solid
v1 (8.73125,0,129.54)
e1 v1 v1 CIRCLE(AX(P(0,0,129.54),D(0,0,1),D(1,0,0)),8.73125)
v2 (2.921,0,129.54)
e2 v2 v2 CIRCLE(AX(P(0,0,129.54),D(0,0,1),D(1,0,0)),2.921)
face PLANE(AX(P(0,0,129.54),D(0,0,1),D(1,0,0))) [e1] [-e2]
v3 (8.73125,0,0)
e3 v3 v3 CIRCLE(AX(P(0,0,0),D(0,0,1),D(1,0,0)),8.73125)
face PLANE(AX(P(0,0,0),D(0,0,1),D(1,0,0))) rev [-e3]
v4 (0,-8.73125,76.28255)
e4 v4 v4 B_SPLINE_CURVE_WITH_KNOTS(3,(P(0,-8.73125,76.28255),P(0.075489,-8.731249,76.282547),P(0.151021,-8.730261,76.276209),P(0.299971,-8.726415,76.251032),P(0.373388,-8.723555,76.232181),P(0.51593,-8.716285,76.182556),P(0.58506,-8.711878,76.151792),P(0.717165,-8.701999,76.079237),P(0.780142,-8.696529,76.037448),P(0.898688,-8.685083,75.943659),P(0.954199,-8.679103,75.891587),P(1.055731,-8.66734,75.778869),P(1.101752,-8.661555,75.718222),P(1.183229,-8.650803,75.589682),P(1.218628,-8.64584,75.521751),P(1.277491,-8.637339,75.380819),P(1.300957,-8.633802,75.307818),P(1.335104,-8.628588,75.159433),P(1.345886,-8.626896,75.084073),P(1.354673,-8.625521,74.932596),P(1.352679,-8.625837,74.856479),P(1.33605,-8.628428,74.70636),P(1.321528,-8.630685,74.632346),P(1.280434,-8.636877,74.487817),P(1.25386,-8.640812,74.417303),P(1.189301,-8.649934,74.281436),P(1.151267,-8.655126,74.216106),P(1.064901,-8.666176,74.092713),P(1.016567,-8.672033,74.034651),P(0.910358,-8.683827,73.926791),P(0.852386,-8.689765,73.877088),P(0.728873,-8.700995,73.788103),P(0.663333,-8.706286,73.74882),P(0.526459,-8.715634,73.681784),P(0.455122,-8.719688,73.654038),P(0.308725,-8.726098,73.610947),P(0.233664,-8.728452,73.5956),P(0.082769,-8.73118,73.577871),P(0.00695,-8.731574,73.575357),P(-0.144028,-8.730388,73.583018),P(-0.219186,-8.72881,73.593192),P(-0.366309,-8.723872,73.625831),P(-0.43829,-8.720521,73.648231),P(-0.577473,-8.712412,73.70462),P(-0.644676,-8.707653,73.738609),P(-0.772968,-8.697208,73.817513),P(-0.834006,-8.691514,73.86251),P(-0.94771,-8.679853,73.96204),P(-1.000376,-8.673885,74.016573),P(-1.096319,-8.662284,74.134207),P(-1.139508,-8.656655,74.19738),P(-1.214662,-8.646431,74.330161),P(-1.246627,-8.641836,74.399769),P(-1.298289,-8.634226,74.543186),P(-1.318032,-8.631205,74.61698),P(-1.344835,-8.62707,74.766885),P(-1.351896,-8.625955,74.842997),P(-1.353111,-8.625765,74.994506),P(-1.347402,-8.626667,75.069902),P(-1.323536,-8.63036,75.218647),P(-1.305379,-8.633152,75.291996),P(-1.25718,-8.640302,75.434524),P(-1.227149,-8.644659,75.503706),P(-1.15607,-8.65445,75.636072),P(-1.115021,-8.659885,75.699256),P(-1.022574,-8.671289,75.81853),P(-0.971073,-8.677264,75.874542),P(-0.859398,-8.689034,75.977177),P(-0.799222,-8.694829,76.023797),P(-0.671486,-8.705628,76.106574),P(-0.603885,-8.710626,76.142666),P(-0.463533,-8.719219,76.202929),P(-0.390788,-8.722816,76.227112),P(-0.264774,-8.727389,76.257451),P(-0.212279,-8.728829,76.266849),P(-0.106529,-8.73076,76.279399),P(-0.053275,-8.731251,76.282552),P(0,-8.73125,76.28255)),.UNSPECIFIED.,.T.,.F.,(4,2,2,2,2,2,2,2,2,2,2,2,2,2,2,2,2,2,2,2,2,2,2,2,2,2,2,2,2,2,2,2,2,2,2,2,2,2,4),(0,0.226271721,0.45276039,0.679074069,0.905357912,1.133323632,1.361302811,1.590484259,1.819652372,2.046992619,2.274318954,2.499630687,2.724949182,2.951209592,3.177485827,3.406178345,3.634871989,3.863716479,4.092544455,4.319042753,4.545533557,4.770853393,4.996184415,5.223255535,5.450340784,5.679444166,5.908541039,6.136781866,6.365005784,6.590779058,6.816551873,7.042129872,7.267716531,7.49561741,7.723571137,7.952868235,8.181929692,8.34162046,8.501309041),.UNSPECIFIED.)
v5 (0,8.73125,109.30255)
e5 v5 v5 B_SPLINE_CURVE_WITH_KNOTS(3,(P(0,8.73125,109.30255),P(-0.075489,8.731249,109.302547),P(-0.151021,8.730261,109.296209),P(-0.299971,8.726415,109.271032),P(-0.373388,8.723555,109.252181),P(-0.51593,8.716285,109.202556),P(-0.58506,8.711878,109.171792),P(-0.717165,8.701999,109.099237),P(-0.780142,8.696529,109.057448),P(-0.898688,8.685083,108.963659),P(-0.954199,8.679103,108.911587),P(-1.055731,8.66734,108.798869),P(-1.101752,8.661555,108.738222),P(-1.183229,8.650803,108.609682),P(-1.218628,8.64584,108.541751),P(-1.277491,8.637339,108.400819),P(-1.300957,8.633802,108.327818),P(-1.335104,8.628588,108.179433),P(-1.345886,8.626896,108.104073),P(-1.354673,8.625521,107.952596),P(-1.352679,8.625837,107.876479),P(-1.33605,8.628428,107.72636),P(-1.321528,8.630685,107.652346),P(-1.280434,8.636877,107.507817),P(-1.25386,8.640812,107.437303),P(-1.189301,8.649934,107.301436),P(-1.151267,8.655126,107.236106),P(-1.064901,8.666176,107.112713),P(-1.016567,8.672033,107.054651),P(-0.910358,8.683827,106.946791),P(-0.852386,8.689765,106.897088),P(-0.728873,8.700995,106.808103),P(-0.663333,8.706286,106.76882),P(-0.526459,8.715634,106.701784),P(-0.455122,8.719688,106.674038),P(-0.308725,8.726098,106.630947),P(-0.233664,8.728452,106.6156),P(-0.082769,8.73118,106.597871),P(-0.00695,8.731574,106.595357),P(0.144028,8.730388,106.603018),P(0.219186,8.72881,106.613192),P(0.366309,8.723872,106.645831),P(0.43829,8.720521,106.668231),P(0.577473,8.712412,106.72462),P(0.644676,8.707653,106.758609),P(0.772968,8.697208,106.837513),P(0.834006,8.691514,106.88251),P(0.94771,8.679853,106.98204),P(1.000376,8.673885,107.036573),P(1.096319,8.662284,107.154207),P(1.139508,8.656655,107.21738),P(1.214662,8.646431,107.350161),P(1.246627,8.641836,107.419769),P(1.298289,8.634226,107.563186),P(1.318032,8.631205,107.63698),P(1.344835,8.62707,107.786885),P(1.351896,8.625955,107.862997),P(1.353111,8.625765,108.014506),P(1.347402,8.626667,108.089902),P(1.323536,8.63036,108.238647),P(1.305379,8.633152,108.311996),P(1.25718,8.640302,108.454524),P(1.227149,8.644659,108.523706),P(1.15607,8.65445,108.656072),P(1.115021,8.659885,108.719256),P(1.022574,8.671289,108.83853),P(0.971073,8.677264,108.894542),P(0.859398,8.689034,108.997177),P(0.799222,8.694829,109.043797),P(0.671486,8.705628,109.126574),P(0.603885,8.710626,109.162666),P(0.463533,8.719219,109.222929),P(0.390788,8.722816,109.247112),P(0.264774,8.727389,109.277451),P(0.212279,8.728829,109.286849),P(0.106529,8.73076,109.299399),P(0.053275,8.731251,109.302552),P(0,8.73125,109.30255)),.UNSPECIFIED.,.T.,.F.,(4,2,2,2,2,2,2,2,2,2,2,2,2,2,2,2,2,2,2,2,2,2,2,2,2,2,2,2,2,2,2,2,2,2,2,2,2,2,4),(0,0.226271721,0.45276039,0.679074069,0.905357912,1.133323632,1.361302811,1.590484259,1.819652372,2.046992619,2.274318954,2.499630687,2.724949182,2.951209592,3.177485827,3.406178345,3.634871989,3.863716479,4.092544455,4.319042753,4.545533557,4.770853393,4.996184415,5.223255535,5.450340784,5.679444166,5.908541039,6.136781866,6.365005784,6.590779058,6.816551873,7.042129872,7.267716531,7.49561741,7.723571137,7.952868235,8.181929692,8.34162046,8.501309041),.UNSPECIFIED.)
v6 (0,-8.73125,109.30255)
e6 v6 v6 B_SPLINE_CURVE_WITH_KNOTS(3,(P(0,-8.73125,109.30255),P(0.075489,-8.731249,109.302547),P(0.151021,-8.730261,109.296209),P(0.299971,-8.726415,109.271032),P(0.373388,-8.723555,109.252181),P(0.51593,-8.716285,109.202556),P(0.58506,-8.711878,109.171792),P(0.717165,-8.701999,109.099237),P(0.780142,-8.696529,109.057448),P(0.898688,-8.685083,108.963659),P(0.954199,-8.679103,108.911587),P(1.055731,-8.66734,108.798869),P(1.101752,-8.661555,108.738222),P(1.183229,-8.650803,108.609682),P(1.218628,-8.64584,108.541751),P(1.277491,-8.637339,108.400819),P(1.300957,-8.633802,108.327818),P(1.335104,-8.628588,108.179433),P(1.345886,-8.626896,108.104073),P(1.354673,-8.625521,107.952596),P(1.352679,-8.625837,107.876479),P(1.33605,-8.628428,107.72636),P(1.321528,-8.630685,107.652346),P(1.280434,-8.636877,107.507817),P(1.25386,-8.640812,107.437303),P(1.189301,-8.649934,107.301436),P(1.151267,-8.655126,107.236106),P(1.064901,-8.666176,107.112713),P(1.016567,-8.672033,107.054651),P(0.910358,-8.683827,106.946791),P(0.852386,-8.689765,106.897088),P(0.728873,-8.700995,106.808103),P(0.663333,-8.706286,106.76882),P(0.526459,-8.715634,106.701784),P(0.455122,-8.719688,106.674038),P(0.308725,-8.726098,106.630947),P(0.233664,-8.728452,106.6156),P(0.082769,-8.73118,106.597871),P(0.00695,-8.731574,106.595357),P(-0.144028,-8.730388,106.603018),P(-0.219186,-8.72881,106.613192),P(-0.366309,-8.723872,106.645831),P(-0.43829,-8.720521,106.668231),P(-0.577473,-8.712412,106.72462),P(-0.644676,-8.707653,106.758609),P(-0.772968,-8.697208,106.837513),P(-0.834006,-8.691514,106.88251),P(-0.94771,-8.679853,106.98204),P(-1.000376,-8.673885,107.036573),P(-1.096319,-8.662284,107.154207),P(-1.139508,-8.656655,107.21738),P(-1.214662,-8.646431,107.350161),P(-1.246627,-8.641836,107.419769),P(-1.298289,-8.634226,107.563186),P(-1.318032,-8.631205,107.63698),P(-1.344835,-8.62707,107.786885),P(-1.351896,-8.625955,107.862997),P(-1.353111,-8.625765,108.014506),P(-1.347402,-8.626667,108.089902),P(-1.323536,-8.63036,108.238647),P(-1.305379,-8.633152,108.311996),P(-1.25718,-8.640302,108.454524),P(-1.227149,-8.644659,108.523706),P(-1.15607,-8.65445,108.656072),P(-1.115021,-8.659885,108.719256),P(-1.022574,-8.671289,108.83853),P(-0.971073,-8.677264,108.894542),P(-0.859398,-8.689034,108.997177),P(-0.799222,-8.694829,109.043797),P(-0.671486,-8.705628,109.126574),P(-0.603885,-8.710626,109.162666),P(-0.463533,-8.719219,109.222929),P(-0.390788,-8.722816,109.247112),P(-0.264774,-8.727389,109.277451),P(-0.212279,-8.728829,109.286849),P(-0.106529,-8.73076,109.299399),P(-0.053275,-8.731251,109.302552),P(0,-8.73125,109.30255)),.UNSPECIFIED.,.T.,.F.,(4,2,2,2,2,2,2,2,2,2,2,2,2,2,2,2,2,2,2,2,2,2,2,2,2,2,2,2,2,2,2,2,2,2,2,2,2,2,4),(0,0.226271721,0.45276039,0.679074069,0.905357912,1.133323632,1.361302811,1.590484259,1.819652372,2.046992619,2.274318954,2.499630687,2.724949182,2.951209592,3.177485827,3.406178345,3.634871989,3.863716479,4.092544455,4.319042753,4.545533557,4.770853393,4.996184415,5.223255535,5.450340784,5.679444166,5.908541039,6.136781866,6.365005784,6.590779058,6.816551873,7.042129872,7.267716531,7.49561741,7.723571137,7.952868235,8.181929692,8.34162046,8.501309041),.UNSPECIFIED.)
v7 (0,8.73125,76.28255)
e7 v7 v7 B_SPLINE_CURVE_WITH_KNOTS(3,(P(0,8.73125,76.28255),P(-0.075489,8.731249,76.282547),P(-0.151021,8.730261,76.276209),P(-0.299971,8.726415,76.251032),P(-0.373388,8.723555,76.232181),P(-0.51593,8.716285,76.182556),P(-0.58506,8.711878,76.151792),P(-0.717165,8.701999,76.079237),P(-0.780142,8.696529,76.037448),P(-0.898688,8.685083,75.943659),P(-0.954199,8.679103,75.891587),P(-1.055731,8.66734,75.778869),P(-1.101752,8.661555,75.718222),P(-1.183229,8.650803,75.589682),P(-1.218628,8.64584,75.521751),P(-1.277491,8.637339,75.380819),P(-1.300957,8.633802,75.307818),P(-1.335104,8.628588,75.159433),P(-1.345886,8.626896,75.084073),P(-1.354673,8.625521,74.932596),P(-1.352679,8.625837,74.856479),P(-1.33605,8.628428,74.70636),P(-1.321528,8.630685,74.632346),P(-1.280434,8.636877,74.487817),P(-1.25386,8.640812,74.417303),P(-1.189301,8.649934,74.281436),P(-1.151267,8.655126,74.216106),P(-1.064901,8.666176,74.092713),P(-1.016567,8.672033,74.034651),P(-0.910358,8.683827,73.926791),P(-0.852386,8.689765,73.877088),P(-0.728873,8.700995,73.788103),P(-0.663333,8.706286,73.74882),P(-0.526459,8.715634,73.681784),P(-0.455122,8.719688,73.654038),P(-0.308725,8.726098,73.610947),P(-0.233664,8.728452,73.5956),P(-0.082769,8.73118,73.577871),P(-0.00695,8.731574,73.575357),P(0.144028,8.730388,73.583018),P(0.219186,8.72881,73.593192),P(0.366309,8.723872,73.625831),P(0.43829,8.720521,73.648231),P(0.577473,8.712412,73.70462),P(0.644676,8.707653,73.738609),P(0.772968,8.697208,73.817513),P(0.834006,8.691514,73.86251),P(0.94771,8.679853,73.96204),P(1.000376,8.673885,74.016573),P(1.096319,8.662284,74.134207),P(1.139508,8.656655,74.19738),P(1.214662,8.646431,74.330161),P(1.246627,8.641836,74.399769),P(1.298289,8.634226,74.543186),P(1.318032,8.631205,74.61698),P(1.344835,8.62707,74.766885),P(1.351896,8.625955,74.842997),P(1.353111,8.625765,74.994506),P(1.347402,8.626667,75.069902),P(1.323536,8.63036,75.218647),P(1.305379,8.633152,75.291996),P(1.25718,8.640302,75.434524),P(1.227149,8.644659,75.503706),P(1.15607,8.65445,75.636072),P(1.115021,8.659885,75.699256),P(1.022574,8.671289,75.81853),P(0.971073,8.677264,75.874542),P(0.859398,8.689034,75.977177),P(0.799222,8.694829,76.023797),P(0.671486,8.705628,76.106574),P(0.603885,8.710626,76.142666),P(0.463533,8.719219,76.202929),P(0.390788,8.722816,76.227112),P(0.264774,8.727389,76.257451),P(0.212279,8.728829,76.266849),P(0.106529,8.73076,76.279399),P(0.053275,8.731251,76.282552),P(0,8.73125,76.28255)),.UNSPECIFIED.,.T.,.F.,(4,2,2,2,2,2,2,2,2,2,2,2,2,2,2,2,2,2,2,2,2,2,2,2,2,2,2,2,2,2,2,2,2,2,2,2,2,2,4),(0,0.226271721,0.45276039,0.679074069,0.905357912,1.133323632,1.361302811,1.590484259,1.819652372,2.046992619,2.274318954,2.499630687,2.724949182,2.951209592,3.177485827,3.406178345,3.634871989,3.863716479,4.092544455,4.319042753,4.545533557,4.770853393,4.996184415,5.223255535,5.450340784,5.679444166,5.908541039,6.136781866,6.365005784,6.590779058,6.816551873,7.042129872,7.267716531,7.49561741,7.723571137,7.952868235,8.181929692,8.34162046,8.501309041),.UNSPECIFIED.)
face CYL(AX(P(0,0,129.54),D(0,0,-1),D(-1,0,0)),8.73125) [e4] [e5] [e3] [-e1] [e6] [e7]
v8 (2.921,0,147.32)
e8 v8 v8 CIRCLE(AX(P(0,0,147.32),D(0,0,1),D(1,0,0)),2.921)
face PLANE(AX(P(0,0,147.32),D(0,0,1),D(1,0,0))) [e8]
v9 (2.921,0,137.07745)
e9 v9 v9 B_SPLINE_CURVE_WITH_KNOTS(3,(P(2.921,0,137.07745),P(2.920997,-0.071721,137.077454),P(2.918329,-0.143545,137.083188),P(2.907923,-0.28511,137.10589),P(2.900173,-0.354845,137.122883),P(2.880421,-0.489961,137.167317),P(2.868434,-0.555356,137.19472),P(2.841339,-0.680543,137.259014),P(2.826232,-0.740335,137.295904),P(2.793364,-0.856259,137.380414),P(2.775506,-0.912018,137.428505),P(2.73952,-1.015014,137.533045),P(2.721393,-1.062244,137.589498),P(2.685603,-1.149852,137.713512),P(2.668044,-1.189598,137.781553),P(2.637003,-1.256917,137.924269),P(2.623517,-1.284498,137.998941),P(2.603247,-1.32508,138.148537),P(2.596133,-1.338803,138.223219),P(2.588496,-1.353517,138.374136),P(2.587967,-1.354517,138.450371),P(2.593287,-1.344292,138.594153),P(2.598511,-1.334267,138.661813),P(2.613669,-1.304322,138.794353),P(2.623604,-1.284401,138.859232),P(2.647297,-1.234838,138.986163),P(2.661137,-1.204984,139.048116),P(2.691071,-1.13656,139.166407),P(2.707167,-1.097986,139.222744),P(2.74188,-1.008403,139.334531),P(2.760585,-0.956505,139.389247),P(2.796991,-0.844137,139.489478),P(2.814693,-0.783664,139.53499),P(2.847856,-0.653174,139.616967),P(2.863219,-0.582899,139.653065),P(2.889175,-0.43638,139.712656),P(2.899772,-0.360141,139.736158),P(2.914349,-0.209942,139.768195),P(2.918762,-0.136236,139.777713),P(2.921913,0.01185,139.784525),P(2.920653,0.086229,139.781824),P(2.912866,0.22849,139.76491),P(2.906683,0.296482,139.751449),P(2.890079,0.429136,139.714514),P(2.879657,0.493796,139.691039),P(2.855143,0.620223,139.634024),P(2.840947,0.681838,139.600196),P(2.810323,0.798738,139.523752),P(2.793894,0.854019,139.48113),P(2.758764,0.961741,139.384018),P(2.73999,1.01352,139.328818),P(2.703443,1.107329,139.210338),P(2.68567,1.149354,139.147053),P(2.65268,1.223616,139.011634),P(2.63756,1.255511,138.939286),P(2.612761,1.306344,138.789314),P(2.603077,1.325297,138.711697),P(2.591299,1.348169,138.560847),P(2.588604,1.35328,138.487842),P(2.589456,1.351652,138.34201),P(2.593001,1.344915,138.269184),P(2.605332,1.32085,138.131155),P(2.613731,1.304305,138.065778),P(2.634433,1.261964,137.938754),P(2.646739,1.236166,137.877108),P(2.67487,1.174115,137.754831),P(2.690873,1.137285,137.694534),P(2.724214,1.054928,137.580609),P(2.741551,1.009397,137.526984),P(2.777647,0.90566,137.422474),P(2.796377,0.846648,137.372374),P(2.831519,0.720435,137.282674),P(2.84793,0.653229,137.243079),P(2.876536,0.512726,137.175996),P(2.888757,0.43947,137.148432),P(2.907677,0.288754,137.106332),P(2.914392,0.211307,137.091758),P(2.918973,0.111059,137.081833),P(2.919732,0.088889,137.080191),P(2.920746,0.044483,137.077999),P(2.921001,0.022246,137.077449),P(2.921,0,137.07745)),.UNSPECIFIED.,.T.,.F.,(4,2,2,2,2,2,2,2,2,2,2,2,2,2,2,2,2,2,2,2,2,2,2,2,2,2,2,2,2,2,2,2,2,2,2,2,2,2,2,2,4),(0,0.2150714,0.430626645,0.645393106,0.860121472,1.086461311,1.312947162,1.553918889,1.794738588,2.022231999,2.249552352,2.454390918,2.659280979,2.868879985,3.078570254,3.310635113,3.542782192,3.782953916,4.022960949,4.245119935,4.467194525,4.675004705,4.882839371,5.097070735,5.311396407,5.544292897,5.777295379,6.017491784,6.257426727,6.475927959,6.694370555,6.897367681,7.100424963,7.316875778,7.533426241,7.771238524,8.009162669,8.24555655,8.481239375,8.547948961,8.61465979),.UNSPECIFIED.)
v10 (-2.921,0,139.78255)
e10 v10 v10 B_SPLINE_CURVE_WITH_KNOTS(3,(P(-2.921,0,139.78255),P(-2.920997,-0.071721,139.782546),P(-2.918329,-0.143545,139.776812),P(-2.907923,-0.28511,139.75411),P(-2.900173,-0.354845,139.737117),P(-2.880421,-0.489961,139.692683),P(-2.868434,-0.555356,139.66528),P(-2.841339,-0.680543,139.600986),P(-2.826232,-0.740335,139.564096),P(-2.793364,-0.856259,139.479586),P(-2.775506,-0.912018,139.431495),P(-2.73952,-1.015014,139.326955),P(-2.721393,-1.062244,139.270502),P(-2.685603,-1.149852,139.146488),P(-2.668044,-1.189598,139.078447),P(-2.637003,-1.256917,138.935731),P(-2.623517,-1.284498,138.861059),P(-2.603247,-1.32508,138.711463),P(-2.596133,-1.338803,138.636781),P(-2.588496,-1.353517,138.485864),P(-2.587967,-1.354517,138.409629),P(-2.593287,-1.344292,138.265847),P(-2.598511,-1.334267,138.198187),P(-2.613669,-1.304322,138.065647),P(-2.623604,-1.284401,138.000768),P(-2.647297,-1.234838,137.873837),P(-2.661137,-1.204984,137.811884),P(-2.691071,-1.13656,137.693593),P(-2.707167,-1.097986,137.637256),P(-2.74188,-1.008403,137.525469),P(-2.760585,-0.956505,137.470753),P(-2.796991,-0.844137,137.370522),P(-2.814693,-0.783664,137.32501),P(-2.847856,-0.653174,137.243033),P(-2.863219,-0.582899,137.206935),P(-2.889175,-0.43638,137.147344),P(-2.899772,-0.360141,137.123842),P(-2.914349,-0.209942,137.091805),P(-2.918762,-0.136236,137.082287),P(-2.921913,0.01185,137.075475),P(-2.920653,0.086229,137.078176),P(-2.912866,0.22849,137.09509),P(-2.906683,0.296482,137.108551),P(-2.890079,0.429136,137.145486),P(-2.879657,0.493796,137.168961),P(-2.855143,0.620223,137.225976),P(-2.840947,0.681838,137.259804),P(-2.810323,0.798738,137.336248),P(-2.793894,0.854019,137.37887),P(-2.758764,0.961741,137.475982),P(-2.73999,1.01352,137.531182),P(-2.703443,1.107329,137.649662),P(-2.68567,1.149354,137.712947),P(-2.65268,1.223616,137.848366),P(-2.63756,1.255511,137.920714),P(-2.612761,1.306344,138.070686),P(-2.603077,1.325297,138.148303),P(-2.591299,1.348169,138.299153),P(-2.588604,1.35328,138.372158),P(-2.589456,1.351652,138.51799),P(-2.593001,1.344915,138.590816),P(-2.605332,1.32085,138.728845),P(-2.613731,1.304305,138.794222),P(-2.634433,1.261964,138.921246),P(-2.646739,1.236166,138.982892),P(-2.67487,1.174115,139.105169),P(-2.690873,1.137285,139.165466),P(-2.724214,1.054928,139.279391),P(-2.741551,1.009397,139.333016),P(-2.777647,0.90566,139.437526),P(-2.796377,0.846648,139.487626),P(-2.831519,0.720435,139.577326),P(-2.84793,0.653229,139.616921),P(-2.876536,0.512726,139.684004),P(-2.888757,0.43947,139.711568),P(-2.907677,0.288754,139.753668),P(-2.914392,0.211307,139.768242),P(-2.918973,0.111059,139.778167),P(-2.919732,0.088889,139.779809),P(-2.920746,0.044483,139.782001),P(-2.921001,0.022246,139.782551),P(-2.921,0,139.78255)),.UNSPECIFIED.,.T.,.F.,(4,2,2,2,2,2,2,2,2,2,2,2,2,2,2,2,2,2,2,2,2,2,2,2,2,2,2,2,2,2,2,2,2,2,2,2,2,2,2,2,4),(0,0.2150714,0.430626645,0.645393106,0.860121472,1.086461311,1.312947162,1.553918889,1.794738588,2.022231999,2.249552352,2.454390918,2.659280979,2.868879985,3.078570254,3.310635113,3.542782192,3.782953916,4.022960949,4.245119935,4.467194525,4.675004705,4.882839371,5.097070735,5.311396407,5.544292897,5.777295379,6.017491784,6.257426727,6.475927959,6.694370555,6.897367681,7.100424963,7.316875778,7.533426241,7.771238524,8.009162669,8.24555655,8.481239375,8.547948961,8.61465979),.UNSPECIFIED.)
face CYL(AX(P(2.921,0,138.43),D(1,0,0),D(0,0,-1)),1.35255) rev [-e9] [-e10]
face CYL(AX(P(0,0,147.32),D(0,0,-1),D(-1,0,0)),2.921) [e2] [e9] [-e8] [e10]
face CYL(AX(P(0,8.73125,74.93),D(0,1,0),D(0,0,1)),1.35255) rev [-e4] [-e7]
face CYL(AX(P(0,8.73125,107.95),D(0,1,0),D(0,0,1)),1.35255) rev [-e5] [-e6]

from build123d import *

# Parameters (mm, degrees)
SKETCH1_R             = 8.73125
BOSS_EXTRUDE1_DEPTH   = 129.54
SKETCH2_R             = 2.921
BOSS_EXTRUDE2_DEPTH   = 17.78
F_6_32_TAPPED_HOLE1_D = 2.7051
F_6_32_TAPPED_HOLE2_D = 2.7051


with BuildPart() as part:
    # Sketch1 → Boss-Extrude1 (new body)
    with BuildSketch(Plane.XY):
        Circle(SKETCH1_R)
    extrude(amount=BOSS_EXTRUDE1_DEPTH)

    # Sketch2 → Boss-Extrude2 (add)
    with BuildSketch(Plane.XY.offset(129.54)):
        Circle(SKETCH2_R)
    extrude(amount=BOSS_EXTRUDE2_DEPTH)

    # #6-32 Tapped Hole1 (through all)
    with Locations(Plane(origin=(0, 8.73125, 0), x_dir=(1, 0, 0), z_dir=(0, 1, 0))):
        with Locations((0, -74.93), (0, -107.95)):
            Hole(F_6_32_TAPPED_HOLE1_D / 2)

    # #6-32 Tapped Hole2 (through all)
    with Locations(Plane(origin=(2.921, 0, 0), x_dir=(0, 0, -1), z_dir=(1, 0, 0))):
        with Locations((-138.43, 0)):
            Hole(F_6_32_TAPPED_HOLE2_D / 2)


solid = part.part
